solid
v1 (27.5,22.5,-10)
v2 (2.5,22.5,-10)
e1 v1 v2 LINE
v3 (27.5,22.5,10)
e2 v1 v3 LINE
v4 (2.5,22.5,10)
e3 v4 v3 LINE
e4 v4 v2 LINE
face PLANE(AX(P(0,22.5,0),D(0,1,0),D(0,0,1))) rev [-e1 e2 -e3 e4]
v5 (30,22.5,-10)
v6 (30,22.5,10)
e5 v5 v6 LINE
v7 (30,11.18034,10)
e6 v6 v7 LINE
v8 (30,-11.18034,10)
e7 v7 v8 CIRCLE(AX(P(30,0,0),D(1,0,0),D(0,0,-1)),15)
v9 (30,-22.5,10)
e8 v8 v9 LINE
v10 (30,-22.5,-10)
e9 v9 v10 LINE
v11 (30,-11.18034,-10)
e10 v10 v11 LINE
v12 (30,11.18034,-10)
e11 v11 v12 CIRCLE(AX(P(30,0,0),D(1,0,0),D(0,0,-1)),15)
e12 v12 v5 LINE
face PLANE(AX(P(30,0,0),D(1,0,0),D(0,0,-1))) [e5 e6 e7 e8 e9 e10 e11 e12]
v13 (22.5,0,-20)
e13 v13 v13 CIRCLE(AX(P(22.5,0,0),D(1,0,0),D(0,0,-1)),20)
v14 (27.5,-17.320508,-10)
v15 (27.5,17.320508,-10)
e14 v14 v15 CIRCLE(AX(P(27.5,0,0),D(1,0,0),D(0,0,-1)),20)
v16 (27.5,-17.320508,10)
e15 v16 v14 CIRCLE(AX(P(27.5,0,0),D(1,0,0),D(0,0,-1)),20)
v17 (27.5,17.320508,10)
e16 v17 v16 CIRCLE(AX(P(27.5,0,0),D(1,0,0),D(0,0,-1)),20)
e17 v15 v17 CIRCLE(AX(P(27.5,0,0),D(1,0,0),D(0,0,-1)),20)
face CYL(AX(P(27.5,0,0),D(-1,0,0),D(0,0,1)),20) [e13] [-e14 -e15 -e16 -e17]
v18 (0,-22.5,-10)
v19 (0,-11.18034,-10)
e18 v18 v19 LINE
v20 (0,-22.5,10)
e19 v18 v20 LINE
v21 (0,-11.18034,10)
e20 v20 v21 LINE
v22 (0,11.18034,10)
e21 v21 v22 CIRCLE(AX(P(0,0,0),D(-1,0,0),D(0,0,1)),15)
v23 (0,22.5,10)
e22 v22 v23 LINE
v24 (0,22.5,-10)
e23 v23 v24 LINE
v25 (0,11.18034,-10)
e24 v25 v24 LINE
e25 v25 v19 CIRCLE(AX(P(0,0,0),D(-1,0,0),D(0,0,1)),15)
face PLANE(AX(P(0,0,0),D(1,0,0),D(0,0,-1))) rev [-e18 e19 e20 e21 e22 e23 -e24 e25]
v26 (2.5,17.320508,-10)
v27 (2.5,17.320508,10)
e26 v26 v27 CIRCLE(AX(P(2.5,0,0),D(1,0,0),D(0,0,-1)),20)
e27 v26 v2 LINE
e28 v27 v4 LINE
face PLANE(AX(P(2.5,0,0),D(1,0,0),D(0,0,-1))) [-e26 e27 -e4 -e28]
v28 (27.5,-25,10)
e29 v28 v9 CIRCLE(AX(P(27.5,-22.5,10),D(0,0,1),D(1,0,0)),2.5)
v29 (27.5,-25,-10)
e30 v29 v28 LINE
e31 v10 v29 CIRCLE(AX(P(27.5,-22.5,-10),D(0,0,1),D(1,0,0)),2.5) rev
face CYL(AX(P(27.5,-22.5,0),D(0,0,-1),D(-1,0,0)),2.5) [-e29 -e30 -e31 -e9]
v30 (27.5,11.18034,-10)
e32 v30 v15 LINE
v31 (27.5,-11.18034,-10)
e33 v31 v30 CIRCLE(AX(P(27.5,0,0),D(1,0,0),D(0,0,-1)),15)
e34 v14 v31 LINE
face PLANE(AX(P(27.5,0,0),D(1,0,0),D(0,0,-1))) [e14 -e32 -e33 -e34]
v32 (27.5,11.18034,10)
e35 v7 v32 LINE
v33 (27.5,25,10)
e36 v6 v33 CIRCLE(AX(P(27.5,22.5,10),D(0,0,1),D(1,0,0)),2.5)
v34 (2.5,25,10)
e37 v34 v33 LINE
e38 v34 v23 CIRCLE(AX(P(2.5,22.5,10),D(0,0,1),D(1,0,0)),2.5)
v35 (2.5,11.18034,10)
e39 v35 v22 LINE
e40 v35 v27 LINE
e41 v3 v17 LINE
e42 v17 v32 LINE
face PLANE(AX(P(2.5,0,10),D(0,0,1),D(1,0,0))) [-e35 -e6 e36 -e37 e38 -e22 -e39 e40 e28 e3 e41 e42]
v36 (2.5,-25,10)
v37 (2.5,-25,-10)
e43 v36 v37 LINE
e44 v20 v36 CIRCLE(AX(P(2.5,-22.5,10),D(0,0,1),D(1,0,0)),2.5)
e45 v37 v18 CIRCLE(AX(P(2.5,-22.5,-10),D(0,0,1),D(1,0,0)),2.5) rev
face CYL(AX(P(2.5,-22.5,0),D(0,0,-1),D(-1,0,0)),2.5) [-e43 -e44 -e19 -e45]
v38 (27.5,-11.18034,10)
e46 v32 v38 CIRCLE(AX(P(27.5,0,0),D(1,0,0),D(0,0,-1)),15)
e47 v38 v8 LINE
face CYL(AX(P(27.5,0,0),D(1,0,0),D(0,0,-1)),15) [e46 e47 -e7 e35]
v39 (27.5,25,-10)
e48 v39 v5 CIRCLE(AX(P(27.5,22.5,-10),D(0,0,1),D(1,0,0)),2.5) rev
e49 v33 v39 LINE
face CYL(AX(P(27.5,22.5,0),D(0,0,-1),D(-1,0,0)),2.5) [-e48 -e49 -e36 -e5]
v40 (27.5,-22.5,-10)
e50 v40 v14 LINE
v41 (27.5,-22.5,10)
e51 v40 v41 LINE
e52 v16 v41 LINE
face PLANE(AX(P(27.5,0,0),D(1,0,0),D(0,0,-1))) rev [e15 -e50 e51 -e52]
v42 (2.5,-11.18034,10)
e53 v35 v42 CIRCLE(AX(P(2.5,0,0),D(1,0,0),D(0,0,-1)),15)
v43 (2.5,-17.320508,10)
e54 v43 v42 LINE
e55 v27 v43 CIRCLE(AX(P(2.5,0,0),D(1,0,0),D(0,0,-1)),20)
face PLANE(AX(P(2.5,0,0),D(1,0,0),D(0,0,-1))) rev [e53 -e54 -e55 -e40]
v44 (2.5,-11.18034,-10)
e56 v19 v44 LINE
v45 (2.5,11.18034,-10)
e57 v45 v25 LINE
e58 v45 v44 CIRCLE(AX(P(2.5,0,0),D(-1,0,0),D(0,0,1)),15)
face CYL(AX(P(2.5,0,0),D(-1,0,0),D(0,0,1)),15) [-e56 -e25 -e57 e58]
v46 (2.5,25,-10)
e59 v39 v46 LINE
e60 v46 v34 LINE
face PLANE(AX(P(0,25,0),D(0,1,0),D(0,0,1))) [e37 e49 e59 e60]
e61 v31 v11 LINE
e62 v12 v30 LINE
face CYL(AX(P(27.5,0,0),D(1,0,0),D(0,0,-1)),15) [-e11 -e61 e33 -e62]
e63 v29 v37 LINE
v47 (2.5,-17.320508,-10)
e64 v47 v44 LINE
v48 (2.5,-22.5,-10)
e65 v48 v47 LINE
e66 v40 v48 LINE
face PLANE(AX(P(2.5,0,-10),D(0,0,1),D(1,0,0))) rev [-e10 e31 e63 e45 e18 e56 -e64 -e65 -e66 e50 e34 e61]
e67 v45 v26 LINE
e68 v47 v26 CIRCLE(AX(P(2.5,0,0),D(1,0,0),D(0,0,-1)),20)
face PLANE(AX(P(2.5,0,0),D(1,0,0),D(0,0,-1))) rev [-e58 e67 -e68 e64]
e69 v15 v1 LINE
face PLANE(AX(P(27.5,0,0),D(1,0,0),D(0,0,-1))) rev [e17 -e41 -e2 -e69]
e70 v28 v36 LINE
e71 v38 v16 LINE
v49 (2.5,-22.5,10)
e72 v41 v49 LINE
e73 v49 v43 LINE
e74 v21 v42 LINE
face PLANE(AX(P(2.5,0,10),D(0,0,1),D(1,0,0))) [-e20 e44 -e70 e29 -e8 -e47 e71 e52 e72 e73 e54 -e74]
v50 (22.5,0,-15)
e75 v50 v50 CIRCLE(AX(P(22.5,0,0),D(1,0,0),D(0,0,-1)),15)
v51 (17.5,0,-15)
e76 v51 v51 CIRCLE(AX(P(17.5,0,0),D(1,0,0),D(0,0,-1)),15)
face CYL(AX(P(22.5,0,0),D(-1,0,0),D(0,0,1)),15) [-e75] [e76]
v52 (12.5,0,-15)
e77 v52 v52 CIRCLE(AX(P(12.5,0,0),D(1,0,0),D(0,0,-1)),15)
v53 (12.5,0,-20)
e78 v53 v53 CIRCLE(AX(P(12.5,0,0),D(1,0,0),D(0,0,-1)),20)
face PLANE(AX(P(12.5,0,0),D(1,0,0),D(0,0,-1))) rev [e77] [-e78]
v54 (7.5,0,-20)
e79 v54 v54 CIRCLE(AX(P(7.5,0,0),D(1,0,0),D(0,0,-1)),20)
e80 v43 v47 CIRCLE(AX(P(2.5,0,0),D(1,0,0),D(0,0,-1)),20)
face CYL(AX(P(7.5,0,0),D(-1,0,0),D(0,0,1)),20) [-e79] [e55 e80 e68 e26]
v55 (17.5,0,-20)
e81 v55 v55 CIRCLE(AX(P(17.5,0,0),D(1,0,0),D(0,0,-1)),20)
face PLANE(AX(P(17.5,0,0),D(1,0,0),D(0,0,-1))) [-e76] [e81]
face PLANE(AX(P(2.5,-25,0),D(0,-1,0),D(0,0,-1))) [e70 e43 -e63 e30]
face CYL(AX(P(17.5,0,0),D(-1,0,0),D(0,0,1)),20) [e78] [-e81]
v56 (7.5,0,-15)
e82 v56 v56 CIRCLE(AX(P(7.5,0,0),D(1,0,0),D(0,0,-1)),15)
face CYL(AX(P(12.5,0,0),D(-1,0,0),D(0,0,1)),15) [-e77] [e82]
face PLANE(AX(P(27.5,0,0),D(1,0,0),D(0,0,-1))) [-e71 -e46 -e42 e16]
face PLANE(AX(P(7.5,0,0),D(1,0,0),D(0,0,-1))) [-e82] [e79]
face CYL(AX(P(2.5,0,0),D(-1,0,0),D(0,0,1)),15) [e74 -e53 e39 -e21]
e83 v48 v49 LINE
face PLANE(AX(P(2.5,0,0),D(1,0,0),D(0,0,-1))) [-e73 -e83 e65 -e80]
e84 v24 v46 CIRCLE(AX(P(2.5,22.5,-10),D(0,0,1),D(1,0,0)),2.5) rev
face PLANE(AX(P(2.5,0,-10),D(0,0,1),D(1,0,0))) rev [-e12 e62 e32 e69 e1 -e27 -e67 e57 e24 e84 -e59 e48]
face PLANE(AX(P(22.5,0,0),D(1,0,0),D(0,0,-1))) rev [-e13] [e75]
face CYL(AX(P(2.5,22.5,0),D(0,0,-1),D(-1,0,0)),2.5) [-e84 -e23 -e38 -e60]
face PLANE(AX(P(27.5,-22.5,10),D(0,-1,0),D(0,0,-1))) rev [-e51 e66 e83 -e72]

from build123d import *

# Parameters (mm, degrees)
SKETCH1_W            = 20
SKETCH1_H            = 47.5
BOSS_EXTRUDE1_DEPTH  = 2.5
SKETCH2_R            = 20
BOSS_EXTRUDE2_DEPTH  = 5
SKETCH3_R            = 15
BOSS_EXTRUDE3_DEPTH  = 5
SKETCH4_R            = 20
BOSS_EXTRUDE4_DEPTH  = 5
SKETCH5_R            = 15
BOSS_EXTRUDE5_DEPTH  = 5
SKETCH6_R            = 20
BOSS_EXTRUDE6_DEPTH  = 5
BOSS_EXTRUDE7_DEPTH  = 2.5
SKETCH8_W            = 30
SKETCH8_H            = 20
BOSS_EXTRUDE8_DEPTH  = 2.5
SKETCH10_W           = 20
SKETCH10_H           = 2.5
BOSS_EXTRUDE9_DEPTH  = 25
SKETCH11_R           = 15
BOSS_EXTRUDE10_DEPTH = 2.5
SKETCH12_R           = 15
BOSS_EXTRUDE11_DEPTH = 2.5
FILLET1_R            = 2.5
FILLET2_R            = 2.5


with BuildPart() as part:
    # Sketch1 → Boss-Extrude1 (new body)
    with BuildSketch(Plane(origin=(0, 0, 0), x_dir=(0, 0, -1), z_dir=(1, 0, 0))):
        with Locations((0, -1.25)):
            Rectangle(SKETCH1_W, SKETCH1_H)
    extrude(amount=BOSS_EXTRUDE1_DEPTH)

    # Sketch2 → Boss-Extrude2 (add)
    with BuildSketch(Plane(origin=(2.5, 0, 0), x_dir=(0, 0, -1), z_dir=(1, 0, 0))):
        Circle(SKETCH2_R)
    extrude(amount=BOSS_EXTRUDE2_DEPTH)

    # Sketch3 → Boss-Extrude3 (add)
    with BuildSketch(Plane(origin=(7.5, 0, 0), x_dir=(0, 0, -1), z_dir=(1, 0, 0))):
        Circle(SKETCH3_R)
    extrude(amount=BOSS_EXTRUDE3_DEPTH)

    # Sketch4 → Boss-Extrude4 (add)
    with BuildSketch(Plane(origin=(12.5, 0, 0), x_dir=(0, 0, -1), z_dir=(1, 0, 0))):
        Circle(SKETCH4_R)
    extrude(amount=BOSS_EXTRUDE4_DEPTH)

    # Sketch5 → Boss-Extrude5 (add)
    with BuildSketch(Plane(origin=(17.5, 0, 0), x_dir=(0, 0, -1), z_dir=(1, 0, 0))):
        Circle(SKETCH5_R)
    extrude(amount=BOSS_EXTRUDE5_DEPTH)

    # Sketch6 → Boss-Extrude6 (add)
    with BuildSketch(Plane(origin=(22.5, 0, 0), x_dir=(0, 0, -1), z_dir=(1, 0, 0))):
        Circle(SKETCH6_R)
    extrude(amount=BOSS_EXTRUDE6_DEPTH)

    # Sketch7 → Boss-Extrude7 (add)
    with BuildSketch(Plane(origin=(27.5, 0, 0), x_dir=(0, 0, -1), z_dir=(1, 0, 0))):
        Polygon((-10, -22.5), (-10, -25), (10, -25), (10, -22.5), (10, 22.5), (-10, 22.5), align=None)
    extrude(amount=BOSS_EXTRUDE7_DEPTH)

    # Sketch8 → Boss-Extrude8 (add)
    with BuildSketch(Plane(origin=(0, 22.5, 0), x_dir=(1, 0, 0), z_dir=(0, 1, 0))):
        with Locations((15, 0)):
            Rectangle(SKETCH8_W, SKETCH8_H)
    extrude(amount=BOSS_EXTRUDE8_DEPTH)

    # Sketch10 → Boss-Extrude9 (add)
    with BuildSketch(Plane(origin=(2.5, 0, 0), x_dir=(0, 0, -1), z_dir=(1, 0, 0))):
        with Locations((0, -23.75)):
            Rectangle(SKETCH10_W, SKETCH10_H)
    extrude(amount=BOSS_EXTRUDE9_DEPTH)

    # Sketch11 → Boss-Extrude10 (add)
    with BuildSketch(Plane(origin=(30, 0, 0), x_dir=(0, 0, -1), z_dir=(1, 0, 0))):
        Circle(SKETCH11_R)
    extrude(amount=-BOSS_EXTRUDE10_DEPTH)

    # Sketch12 → Boss-Extrude11 (add)
    with BuildSketch(Plane.ZY):
        Circle(SKETCH12_R)
    extrude(amount=-BOSS_EXTRUDE11_DEPTH)

    # Fillet1
    fillet1_edges = [part.edges().sort_by_distance(p)[0] for p in [
        (0, 25, 0),
        (30, 25, 0),
    ]]
    fillet(fillet1_edges, radius=FILLET1_R)

    # Fillet2
    fillet2_edges = [part.edges().sort_by_distance(p)[0] for p in [
        (30, -25, 0),
        (0, -25, 0),
    ]]
    fillet(fillet2_edges, radius=FILLET2_R)


solid = part.part
